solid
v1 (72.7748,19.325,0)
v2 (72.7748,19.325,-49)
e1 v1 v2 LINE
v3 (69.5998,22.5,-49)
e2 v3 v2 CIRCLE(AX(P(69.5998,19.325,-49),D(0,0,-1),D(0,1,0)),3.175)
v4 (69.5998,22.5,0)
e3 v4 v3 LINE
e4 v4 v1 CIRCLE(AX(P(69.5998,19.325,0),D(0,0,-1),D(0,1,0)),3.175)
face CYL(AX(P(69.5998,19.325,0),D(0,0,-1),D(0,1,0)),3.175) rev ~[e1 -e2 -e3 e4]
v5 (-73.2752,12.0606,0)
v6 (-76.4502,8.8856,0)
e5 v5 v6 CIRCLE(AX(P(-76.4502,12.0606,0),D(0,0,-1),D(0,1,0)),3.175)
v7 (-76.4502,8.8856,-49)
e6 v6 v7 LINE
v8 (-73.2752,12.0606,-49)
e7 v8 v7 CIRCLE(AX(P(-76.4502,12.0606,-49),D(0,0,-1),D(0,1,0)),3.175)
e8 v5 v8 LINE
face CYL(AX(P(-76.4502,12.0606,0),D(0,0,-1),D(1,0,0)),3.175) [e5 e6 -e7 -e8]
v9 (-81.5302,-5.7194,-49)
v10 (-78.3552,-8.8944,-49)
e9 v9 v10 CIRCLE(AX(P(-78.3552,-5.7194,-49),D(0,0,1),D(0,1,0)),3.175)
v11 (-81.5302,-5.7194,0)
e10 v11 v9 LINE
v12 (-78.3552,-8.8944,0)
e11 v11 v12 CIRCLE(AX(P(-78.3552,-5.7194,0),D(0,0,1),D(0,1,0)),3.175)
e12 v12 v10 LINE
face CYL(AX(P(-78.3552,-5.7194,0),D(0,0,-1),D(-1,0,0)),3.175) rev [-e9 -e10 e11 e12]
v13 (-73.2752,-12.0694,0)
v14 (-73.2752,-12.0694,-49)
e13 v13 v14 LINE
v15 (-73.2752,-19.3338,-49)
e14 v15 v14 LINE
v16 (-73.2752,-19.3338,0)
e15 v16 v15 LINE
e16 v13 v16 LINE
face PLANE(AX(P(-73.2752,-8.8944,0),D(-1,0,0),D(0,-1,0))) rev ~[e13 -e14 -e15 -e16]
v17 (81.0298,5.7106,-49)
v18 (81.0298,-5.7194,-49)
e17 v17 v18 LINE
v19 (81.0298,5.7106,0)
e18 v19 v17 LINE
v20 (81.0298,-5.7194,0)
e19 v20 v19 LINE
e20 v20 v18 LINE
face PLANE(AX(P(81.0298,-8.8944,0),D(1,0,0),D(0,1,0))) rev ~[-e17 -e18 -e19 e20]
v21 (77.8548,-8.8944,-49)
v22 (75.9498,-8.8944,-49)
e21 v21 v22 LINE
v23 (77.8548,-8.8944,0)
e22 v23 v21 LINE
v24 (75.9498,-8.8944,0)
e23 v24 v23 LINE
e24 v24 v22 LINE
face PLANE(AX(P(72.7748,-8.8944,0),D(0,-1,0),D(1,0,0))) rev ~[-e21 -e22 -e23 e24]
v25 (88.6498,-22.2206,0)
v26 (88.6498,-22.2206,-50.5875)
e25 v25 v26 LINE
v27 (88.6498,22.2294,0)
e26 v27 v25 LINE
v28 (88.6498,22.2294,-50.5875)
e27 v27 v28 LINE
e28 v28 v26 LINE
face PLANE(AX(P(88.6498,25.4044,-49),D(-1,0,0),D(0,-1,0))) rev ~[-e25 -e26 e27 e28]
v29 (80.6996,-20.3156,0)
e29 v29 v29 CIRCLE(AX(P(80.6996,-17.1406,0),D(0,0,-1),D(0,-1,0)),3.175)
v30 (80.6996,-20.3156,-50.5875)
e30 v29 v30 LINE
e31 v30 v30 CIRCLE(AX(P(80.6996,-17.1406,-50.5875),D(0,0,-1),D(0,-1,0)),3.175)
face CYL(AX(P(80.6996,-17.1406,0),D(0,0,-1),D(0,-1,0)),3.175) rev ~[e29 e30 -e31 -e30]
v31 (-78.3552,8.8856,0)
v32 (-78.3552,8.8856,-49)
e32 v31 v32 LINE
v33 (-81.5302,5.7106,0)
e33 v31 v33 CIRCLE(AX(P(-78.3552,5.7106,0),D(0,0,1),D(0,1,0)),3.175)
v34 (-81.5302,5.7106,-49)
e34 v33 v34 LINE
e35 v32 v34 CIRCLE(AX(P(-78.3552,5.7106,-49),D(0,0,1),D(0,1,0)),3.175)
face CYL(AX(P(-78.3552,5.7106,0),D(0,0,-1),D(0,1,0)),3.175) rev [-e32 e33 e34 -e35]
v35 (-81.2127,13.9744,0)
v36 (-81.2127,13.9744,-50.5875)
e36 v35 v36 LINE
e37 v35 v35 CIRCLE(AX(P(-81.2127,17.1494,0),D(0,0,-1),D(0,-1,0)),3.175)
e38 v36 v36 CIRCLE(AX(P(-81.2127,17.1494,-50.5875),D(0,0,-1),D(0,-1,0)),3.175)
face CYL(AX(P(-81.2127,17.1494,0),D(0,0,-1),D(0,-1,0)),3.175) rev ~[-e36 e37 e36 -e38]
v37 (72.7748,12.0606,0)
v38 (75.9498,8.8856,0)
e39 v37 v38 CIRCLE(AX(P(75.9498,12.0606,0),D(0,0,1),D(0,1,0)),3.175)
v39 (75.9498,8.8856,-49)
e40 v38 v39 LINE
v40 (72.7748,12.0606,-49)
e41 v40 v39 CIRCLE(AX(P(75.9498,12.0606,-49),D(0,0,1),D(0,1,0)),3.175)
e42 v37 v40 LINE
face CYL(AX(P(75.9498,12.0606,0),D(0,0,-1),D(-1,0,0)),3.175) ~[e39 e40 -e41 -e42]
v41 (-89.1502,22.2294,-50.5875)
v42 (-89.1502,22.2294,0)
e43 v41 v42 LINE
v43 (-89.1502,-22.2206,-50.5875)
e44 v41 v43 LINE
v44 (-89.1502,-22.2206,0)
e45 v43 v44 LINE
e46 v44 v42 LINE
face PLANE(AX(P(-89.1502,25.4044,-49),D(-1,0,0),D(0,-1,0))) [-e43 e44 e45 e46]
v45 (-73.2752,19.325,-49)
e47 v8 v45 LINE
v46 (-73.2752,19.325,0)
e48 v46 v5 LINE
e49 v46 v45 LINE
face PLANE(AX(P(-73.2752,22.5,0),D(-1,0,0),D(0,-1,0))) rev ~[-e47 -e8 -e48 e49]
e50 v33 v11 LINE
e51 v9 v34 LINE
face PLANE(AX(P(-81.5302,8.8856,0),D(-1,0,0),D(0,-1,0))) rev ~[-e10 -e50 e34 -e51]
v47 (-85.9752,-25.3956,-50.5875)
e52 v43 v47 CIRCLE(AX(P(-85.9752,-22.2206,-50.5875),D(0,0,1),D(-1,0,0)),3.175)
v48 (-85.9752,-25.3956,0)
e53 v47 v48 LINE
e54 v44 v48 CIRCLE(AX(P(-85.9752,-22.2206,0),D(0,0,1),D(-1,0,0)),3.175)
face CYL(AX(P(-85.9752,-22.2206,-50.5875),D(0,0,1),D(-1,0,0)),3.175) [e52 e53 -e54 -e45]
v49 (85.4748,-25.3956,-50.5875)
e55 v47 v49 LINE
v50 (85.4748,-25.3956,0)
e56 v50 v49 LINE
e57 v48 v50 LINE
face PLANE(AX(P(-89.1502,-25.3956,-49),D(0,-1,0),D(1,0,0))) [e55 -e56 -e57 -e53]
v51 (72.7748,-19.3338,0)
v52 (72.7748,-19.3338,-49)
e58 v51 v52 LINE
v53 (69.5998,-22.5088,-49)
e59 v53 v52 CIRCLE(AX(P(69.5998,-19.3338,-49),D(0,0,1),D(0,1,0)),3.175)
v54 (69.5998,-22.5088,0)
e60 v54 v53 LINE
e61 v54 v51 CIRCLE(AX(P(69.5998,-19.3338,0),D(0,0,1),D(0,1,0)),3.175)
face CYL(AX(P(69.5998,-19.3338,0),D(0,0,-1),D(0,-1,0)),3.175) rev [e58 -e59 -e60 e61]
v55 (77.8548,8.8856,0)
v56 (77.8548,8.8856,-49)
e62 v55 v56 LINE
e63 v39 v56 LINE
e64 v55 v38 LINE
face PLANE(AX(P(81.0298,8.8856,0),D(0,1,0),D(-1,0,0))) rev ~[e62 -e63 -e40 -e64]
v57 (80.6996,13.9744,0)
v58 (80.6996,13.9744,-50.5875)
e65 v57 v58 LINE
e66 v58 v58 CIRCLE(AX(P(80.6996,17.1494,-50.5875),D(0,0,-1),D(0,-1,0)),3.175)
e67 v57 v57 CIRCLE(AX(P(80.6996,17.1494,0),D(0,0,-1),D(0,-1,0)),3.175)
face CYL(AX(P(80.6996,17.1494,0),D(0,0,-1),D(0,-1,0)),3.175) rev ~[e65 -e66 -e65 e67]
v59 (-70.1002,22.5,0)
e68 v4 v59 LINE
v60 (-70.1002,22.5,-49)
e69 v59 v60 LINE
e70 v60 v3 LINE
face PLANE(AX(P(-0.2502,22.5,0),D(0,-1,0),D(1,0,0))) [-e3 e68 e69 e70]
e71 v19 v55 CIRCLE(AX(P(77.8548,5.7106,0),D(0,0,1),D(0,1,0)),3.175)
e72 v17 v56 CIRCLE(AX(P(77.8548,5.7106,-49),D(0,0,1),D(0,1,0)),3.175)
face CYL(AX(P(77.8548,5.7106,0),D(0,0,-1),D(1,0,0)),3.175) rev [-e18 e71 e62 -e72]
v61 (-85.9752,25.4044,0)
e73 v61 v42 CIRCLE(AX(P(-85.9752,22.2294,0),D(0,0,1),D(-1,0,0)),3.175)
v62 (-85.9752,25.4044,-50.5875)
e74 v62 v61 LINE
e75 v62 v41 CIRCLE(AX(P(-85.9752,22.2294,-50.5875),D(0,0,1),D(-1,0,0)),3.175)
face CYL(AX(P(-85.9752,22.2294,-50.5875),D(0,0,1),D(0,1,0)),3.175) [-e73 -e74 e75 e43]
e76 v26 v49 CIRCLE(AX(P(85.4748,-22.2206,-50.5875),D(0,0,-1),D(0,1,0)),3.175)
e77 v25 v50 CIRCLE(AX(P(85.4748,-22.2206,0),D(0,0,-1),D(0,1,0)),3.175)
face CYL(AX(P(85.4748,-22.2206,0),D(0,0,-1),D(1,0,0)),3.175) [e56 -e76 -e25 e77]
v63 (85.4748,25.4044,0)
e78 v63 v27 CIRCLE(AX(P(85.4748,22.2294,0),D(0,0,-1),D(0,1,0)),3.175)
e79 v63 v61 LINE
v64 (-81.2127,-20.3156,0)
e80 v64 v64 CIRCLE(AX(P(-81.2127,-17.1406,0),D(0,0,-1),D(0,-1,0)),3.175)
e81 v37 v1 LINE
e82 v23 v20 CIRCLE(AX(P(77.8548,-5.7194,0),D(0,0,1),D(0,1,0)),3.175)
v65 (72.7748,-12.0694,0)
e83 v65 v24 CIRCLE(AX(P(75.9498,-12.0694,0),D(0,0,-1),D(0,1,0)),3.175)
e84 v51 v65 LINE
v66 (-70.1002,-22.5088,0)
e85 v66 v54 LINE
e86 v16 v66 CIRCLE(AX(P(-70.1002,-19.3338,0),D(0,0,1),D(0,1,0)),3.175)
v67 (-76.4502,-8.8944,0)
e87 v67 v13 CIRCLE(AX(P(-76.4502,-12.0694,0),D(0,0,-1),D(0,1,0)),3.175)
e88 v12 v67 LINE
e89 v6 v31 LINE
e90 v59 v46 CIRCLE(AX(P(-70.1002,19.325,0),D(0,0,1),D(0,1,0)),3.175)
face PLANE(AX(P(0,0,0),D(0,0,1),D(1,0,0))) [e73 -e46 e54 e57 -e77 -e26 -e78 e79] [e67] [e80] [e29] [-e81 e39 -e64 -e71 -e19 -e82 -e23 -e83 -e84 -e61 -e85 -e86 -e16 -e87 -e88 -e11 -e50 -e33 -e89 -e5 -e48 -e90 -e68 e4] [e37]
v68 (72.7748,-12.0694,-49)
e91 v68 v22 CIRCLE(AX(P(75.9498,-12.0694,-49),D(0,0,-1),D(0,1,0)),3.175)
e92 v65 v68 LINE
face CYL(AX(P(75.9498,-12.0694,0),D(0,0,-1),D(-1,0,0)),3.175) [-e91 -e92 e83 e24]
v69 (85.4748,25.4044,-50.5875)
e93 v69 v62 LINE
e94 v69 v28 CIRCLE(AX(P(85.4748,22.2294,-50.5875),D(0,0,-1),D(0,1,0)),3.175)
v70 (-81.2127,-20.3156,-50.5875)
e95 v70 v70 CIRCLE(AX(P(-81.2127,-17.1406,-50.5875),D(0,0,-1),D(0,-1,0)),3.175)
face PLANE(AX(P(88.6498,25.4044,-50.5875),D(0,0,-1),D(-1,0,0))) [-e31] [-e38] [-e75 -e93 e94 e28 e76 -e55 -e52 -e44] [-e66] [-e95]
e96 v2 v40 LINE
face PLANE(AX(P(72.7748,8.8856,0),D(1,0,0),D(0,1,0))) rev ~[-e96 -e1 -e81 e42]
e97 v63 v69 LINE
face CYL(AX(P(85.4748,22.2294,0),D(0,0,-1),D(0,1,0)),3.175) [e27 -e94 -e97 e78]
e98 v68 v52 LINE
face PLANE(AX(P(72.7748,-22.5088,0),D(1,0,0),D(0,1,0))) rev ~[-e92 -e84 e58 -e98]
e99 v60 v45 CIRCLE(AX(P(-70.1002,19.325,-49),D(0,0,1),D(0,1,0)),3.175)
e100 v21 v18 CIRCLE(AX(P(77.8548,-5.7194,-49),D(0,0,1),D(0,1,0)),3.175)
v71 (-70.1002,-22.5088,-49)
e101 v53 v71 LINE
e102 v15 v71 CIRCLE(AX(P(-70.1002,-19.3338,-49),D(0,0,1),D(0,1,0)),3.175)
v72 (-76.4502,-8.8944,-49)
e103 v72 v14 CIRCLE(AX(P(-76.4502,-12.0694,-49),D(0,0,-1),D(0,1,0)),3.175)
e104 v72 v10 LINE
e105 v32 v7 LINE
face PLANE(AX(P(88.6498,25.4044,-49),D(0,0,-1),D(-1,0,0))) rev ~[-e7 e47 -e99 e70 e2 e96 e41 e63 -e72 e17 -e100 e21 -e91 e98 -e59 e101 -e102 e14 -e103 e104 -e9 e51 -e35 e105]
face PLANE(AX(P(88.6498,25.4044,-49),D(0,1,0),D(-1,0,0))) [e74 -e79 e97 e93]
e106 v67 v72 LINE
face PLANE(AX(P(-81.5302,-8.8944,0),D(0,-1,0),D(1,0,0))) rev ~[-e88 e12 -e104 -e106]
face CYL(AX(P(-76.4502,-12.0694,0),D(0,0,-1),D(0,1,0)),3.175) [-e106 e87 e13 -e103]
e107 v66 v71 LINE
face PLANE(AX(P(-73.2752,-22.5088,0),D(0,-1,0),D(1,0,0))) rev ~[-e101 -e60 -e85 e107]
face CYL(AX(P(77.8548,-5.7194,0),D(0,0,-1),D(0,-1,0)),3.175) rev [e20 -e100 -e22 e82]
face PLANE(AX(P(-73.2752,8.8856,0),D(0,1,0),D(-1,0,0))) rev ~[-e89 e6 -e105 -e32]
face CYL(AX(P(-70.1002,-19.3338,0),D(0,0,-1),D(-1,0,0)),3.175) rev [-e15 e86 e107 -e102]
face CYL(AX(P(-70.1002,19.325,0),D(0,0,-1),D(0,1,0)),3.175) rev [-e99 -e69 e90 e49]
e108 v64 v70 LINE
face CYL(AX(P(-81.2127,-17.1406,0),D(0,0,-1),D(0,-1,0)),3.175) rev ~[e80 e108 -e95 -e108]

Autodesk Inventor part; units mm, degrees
ref_plane "YZ Plane" through (0, 0, 0) normal (1, 0, 0) x (0, 1, 0)
ref_plane "XZ Plane" through (0, 0, 0) normal (0, 1, 0) x (-1, 0, 0)
sketch "Sketch1" plane through (0, 0, 0) normal (0, 0, 1) x (1, 0, 0)
  arc A0 (68.5, 19.5) -> (65.5, 22.5) centre (65.5, 19.5) ccw projected
  line L0 (-65.5, 22.5) -> (65.5, 22.5) projected
  arc A1 (-65.5, 22.5) -> (-68.5, 19.5) centre (-65.5, 19.5) ccw projected
  line L1 (-68.5, -19.5) -> (-68.5, 19.5) projected
  arc A2 (-68.5, -19.5) -> (-65.5, -22.5) centre (-65.5, -19.5) ccw projected
  line L2 (65.5, -22.5) -> (-65.5, -22.5) projected
  arc A3 (65.5, -22.5) -> (68.5, -19.5) centre (65.5, -19.5) ccw projected
  line L3 (68.5, 19.5) -> (68.5, -19.5) projected
  line L4 (88.6498, -25.3956) -> (-89.1502, -25.3956)
  line L5 (-89.1502, -25.3956) -> (-89.1502, 25.4044)
  line L6 (-89.1502, 25.4044) -> (88.6498, 25.4044)
  line L7 (88.6498, 25.4044) -> (88.6498, -25.3956)
  line L8 (-0.2502, 266.6127) -> (-0.2502, -243.9407)
  point P0 (0, 0)
  dimension "d23" = 177.8
  dimension "d24" = 50.8
ref_plane "Work Plane1" through (-104.8982, -25.3956, -49) normal (0, 0, 1) x (1, 0, 0)
extrude "Extrusion1" add sketch "Sketch1" against normal up to surface (49 mm away) contours A0 L0 L8 L6 L7 L4 L2 A3 L3 | L0 A1 L1 A2 L2 L8 L4 L5 L6
sketch "Sketch2" plane through (0, 0, 0) normal (0, 0, 1) x (1, 0, 0)
  line L0 (88.6498, -25.3956) -> (88.6498, 25.4044) projected
  line L1 (-89.1502, 25.4044) -> (-89.1502, -25.3956) projected
  arc A0 (68.5, 19.5) -> (65.5, 22.5) centre (65.5, 19.5) ccw projected
  line L2 (68.5, 19.5) -> (68.5, -19.5) projected
  arc A1 (65.5, -22.5) -> (68.5, -19.5) centre (65.5, -19.5) ccw projected
  line L3 (65.5, -22.5) -> (-65.5, -22.5) projected
  arc A2 (-68.5, -19.5) -> (-65.5, -22.5) centre (-65.5, -19.5) ccw projected
  line L4 (-68.5, -19.5) -> (-68.5, 19.5) projected
  arc A3 (-65.5, 22.5) -> (-68.5, 19.5) centre (-65.5, 19.5) ccw projected
  line L5 (-65.5, 22.5) -> (65.5, 22.5) projected
  line L6 (65.5, 22.5) -> (-65.5, 22.5) projected
  line L7 (-65.5, 22.5) -> (-73.2752, 22.5)
  line L8 (-73.2752, 22.5) -> (-73.2752, 8.8856)
  line L9 (-73.2752, 8.8856) -> (-81.5302, 8.8856)
  line L10 (-81.5302, 8.8856) -> (-81.5302, -8.8944)
  line L11 (-81.5302, -8.8944) -> (-73.2752, -8.8944)
  line L12 (-73.2752, -8.8944) -> (-73.2752, -22.5088)
  line L13 (-73.2752, -22.5088) -> (72.7748, -22.5088)
  line L14 (72.7748, -22.5088) -> (72.7748, -8.8944)
  line L15 (72.7748, -8.8944) -> (81.0298, -8.8944)
  line L16 (81.0298, -8.8944) -> (81.0298, 8.8856)
  line L17 (81.0298, 8.8856) -> (72.7748, 8.8856)
  line L18 (72.7748, 8.8856) -> (72.7748, 22.5)
  line L19 (-65.5, 22.5) -> (72.7748, 22.5)
  line L20 (88.6498, 25.4044) -> (-89.1502, 25.4044) projected
  line L21 (-89.1502, -25.3956) -> (88.6498, -25.3956) projected
  point P0 (0, 0)
  dimension "d4" = 45.0088
  dimension "d5" = 17.78
  dimension "d6" = 7.62
  dimension "d7" = 7.62
  dimension "d8" = 146.05
extrude "Extrusion2" cut sketch "Sketch2" against normal up to next contours A0 L19 L18 L17 L16 L15 L14 L13 L12 L11 L10 L9 L8 L7 A3 L4 A2 L3 A1 L2
sketch "Sketch5" plane through (88.6498, 25.4044, -49) normal (0, 0, -1) x (-1, 0, 0)
  line L0 (0, 0) -> (0, -50.8) projected
  line L1 (177.8, -50.8) -> (0, -50.8) projected
  line L2 (0, 0) -> (177.8, 0)
  line L3 (177.8, 0) -> (177.8, -50.8)
  line L4 (177.8, -50.8) -> (0, -50.8)
  line L5 (0, -50.8) -> (0, 0)
  point P0 (88.6498, -25.4044)
fillet "Fillet2" radius 3.175 12 edges at (-73.2752, 8.8856, -24.5) (-73.2752, 22.5, -24.5) (-81.5302, 8.8856, -24.5) (-81.5302, -8.8944, -24.5) (-73.2752, -8.8944, -24.5) (-73.2752, -22.5088, -24.5) (72.7748, -22.5088, -24.5) (72.7748, -8.8944, -24.5) (81.0298, -8.8944, -24.5) (81.0298, 8.8856, -24.5) (72.7748, 8.8856, -24.5) (72.7748, 22.5, -24.5)
sketch "Sketch6" plane through (0, 0, 0) normal (0, 0, 1) x (1, 0, 0)
  line L0 (-89.1502, 25.4044) -> (-89.1502, -25.3956) projected
  line L1 (-89.1502, -25.3956) -> (88.6498, -25.3956) projected
  line L2 (88.6498, 25.4044) -> (-89.1502, 25.4044) projected
  line L3 (88.6498, -25.3956) -> (88.6498, 25.4044) projected
  point P0 (0, 0)
  point P1 (-81.2127, 17.1494)
  point P2 (-81.2127, -17.1406)
  point P3 (80.6996, -17.1406)
  point P4 (80.6996, 17.1494)
  dimension "d26" = 7.9375
  dimension "d27" = 8.255
  dimension "d28" = 8.255
  dimension "d29" = 7.9502
extrude "Extrusion3" add sketch "Sketch5" along normal blind 1.5875
hole "Hole2" at (-81.2127, 17.1494, 0) at (-81.2127, -17.1406, 0) at (80.6996, -17.1406, 0) at (80.6996, 17.1494, 0) direction (0, 0, -1) diameter 6.35 end through all
fillet "Fillet3" radius 3.175 4 edges at (-89.1502, 25.4044, -25.2938) (-89.1502, -25.3956, -25.2938) (88.6498, 25.4044, -25.2938) (88.6498, -25.3956, -25.2938)
properties part number "Battery Holder" material "PC/ABS Plastic"
